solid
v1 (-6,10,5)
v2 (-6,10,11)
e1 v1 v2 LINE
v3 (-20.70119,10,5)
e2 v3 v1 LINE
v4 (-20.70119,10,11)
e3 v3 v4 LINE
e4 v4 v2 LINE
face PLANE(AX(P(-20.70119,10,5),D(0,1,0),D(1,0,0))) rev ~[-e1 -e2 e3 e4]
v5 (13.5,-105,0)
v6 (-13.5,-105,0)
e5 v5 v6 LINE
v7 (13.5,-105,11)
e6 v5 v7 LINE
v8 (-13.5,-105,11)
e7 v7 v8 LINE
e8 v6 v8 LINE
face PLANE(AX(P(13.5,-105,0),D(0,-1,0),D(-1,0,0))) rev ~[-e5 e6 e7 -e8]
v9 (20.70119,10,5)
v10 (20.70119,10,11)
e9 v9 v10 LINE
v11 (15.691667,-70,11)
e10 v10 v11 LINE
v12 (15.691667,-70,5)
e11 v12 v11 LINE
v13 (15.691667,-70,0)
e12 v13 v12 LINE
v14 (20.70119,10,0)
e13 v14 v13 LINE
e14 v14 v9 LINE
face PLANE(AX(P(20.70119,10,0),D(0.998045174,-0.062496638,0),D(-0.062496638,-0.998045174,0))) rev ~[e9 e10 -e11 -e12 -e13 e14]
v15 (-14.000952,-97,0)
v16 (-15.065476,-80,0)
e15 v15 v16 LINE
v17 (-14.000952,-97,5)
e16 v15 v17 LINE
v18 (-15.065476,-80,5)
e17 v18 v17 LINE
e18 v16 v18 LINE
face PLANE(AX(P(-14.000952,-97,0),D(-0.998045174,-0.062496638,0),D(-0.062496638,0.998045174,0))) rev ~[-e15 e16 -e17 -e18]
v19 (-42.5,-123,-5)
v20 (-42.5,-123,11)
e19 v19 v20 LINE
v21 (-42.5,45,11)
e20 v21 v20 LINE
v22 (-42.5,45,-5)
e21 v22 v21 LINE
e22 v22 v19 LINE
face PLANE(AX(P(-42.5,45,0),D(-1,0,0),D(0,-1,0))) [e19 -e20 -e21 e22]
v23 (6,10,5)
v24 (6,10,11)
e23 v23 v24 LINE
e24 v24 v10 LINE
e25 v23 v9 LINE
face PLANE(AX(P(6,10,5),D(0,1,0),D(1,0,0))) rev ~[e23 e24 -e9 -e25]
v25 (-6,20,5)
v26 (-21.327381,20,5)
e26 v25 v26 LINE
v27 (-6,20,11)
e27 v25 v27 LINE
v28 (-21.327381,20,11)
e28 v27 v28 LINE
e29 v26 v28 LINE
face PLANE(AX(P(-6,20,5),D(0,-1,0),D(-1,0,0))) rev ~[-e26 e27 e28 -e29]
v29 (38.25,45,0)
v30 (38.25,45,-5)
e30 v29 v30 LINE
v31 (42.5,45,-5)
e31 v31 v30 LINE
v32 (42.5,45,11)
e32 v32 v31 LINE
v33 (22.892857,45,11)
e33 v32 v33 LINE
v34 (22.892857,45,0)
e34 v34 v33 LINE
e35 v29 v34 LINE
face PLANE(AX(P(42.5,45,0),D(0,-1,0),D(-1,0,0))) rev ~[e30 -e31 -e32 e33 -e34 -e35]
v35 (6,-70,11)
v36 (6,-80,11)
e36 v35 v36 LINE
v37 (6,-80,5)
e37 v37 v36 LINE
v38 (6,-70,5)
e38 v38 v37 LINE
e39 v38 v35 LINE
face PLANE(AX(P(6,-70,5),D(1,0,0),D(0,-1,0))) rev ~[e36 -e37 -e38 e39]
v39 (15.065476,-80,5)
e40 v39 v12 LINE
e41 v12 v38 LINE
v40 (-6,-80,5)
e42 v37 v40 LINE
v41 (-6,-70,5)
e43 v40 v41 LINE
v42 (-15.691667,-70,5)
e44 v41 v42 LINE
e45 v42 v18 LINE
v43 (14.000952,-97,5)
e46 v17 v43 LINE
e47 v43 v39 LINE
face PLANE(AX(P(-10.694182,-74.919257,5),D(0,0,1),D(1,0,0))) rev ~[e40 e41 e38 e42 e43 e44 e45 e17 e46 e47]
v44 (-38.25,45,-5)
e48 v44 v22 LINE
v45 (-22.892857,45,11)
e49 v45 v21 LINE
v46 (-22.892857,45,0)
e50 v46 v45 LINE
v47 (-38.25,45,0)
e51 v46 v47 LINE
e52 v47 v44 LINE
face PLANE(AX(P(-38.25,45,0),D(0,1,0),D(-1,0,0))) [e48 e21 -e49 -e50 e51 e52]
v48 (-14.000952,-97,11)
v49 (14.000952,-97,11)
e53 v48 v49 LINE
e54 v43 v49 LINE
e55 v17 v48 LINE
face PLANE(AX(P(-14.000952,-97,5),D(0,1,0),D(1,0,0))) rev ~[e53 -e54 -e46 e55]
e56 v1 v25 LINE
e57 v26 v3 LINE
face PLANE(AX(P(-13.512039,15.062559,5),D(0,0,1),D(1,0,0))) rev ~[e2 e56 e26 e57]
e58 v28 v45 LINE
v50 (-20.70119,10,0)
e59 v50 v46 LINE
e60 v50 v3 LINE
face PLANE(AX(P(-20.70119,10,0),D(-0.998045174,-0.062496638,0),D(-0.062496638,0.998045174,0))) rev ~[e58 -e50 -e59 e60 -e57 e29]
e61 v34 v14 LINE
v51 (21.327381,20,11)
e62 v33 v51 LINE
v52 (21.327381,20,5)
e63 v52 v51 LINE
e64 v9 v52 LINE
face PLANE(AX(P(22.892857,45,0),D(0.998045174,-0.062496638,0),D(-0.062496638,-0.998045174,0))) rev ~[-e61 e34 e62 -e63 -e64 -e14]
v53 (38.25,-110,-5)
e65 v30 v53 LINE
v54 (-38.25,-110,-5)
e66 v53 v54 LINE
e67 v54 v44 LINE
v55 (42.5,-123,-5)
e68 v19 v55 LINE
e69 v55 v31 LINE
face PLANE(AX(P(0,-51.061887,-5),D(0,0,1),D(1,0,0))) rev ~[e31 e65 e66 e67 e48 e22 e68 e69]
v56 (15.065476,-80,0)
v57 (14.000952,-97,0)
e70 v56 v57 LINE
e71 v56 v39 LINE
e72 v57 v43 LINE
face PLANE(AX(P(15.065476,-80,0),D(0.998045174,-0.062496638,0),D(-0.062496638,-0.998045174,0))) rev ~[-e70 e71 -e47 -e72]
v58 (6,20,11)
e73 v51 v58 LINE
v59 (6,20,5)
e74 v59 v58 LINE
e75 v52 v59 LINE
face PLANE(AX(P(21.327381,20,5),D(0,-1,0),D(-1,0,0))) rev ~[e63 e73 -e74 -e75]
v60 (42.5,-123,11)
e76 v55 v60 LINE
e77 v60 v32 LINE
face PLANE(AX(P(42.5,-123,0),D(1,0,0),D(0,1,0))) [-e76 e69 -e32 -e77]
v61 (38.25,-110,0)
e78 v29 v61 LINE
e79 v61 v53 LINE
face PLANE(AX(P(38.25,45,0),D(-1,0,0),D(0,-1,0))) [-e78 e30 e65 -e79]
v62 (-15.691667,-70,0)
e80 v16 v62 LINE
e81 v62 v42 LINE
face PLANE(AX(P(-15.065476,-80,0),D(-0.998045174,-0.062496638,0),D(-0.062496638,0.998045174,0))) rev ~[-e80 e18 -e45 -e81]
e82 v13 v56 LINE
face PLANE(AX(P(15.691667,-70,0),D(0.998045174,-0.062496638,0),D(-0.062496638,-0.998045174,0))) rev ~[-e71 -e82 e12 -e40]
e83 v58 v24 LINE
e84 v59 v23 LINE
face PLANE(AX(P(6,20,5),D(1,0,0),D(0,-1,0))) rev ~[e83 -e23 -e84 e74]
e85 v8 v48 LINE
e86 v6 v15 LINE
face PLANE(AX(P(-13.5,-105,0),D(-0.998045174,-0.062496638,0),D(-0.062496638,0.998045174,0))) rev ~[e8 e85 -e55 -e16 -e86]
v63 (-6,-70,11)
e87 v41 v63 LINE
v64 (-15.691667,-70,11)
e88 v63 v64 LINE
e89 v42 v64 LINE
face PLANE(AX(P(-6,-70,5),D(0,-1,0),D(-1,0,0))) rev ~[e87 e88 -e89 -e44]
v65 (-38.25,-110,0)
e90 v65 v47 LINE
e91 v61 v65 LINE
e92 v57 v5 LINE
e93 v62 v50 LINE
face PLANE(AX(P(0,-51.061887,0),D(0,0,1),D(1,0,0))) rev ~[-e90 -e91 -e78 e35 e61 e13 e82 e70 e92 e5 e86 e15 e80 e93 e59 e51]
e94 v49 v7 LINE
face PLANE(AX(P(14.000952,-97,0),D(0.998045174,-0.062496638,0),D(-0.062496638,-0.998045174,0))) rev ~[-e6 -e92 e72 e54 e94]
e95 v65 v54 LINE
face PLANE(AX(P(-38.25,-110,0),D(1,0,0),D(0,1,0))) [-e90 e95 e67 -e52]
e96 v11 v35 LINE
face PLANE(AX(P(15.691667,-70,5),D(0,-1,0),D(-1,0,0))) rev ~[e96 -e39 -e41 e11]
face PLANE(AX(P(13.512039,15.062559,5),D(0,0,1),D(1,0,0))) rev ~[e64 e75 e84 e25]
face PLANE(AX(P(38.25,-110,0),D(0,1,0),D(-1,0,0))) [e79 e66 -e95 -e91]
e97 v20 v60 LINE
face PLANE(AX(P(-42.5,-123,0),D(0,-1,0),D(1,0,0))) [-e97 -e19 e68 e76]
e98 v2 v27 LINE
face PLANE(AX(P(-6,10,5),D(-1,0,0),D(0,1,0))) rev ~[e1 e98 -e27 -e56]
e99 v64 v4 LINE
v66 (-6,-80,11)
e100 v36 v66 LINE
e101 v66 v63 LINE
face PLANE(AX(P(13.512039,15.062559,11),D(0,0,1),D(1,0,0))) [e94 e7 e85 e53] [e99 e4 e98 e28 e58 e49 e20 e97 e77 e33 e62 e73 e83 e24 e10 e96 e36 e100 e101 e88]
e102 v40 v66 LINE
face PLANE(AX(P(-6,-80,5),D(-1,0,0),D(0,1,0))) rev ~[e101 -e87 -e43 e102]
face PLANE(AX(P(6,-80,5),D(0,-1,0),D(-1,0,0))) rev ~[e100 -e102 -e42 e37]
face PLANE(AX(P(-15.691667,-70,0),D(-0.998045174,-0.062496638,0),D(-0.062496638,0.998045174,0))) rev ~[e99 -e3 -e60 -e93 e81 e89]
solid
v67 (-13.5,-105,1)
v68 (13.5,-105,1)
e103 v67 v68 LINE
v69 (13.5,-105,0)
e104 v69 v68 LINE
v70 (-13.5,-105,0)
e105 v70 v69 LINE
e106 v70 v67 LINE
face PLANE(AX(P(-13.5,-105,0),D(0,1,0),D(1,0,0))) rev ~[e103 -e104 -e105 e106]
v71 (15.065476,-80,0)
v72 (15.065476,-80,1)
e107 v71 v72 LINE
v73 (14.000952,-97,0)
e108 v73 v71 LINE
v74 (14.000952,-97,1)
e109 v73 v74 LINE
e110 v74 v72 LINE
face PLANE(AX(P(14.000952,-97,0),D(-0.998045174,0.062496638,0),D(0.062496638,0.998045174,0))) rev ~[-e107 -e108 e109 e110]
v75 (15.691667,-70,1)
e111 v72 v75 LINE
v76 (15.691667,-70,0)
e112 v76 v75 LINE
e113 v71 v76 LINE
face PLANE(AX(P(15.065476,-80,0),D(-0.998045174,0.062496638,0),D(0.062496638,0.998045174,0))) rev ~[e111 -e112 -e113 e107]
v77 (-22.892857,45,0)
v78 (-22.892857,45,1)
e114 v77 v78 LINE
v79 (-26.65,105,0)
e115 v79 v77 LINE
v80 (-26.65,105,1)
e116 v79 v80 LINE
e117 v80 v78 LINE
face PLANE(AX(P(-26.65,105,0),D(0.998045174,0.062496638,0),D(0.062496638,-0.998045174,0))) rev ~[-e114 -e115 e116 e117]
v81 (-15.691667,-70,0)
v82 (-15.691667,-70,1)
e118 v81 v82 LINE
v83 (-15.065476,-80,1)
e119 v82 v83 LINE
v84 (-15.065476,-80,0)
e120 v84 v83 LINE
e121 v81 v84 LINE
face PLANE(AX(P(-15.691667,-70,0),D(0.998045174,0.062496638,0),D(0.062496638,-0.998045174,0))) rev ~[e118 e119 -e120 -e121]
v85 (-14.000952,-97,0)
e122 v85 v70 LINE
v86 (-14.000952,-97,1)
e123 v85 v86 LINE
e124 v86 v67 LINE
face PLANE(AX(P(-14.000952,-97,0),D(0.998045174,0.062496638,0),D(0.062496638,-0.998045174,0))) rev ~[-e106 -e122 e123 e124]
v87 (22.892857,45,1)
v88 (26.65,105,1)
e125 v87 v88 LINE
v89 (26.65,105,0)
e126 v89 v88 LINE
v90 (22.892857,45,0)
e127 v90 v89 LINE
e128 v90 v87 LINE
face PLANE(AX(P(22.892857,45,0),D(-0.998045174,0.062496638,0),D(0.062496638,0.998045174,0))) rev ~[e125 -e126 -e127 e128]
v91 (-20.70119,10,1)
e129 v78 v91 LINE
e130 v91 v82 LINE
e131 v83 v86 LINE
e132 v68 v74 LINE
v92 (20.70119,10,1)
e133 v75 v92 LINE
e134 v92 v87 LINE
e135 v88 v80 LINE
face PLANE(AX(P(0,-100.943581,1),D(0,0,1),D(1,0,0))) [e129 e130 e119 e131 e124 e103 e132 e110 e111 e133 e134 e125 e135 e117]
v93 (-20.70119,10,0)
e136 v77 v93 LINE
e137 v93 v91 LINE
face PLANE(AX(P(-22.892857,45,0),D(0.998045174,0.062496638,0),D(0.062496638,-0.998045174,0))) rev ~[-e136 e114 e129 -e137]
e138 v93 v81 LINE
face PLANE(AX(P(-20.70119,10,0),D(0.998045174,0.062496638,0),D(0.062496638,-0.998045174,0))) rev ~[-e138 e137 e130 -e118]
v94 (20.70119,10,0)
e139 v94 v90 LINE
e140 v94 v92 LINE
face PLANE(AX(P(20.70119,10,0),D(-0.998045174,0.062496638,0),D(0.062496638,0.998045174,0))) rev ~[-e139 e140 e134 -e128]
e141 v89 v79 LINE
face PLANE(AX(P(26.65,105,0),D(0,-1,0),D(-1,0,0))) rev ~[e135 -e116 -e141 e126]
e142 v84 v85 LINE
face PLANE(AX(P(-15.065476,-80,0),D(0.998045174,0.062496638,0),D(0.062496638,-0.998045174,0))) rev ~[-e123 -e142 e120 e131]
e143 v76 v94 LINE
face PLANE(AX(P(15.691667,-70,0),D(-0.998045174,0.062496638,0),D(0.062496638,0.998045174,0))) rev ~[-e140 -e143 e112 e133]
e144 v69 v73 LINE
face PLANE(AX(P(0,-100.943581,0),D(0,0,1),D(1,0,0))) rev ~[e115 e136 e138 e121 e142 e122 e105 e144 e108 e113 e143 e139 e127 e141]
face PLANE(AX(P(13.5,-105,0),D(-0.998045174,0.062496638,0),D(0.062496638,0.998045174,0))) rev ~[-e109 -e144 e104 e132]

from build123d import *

# Parameters (mm, degrees)
F1_DEPTH = 11
F2_START = 5
F2_DEPTH = 6
F3_DEPTH = 5
F4_DEPTH = 1


with BuildPart() as f1:
    # F0 (on Top) → F1 (new body)
    with BuildSketch(Plane.XY):
        Polygon((-38.25, -110), (-38.25, 45), (-42.5, 45), (-42.5, -123), (42.5, -123), (42.5, 45), (38.25, 45), (38.25, -110), align=None)
        Polygon((-21.3273809524, 20), (-22.8928571429, 45), (-38.25, 45), (-38.25, -110), (38.25, -110), (38.25, 45), (22.8928571429, 45), (21.3273809524, 20), (20.7011904762, 10), (15.6916666667, -70), (15.0654761905, -80), (14.000952381, -97), (13.5, -105), (-13.5, -105), (-14.000952381, -97), (-15.0654761905, -80), (-15.6916666667, -70), (-20.7011904762, 10), align=None)
    extrude(amount=F1_DEPTH)

    # F0 (on Top) → F2 (join)
    with BuildSketch(Plane.XY.offset(F2_START)):
        Polygon((20.7011904762, 10), (21.3273809524, 20), (6, 20), (6, 10), align=None)
        Polygon((-6, 20), (-21.3273809524, 20), (-20.7011904762, 10), (-6, 10), align=None)
        Polygon((-6, -70), (-15.6916666667, -70), (-15.0654761905, -80), (-6, -80), align=None)
        Polygon((15.0654761905, -80), (15.6916666667, -70), (6, -70), (6, -80), align=None)
        Polygon((-6, -80), (-15.0654761905, -80), (-14.000952381, -97), (14.000952381, -97), (15.0654761905, -80), (6, -80), align=None)
    extrude(amount=F2_DEPTH)

    # F0 (on Top) → F3 (join)
    with BuildSketch(Plane.XY):
        Polygon((-38.25, -110), (-38.25, 45), (-42.5, 45), (-42.5, -123), (42.5, -123), (42.5, 45), (38.25, 45), (38.25, -110), align=None)
    extrude(amount=-F3_DEPTH)


with BuildPart() as f4:
    # F0 (on Top) → F4 (new body)
    with BuildSketch(Plane.XY):
        Polygon((14.000952381, -97), (-14.000952381, -97), (-13.5, -105), (13.5, -105), align=None)
        Polygon((22.8928571429, 45), (-22.8928571429, 45), (-21.3273809524, 20), (-6, 20), (-6, 10), (-20.7011904762, 10), (-15.6916666667, -70), (-6, -70), (-6, -80), (6, -80), (6, -70), (15.6916666667, -70), (20.7011904762, 10), (6, 10), (6, 20), (21.3273809524, 20), align=None)
        Polygon((15.0654761905, -80), (15.6916666667, -70), (6, -70), (6, -80), align=None)
        Polygon((26.65, 105), (-26.65, 105), (-22.8928571429, 45), (22.8928571429, 45), align=None)
        Polygon((20.7011904762, 10), (21.3273809524, 20), (6, 20), (6, 10), align=None)
        Polygon((-6, 20), (-21.3273809524, 20), (-20.7011904762, 10), (-6, 10), align=None)
        Polygon((-6, -70), (-15.6916666667, -70), (-15.0654761905, -80), (-6, -80), align=None)
        Polygon((-6, -80), (-15.0654761905, -80), (-14.000952381, -97), (14.000952381, -97), (15.0654761905, -80), (6, -80), align=None)
    extrude(amount=F4_DEPTH)


solid = Compound([f1.part, f4.part])
